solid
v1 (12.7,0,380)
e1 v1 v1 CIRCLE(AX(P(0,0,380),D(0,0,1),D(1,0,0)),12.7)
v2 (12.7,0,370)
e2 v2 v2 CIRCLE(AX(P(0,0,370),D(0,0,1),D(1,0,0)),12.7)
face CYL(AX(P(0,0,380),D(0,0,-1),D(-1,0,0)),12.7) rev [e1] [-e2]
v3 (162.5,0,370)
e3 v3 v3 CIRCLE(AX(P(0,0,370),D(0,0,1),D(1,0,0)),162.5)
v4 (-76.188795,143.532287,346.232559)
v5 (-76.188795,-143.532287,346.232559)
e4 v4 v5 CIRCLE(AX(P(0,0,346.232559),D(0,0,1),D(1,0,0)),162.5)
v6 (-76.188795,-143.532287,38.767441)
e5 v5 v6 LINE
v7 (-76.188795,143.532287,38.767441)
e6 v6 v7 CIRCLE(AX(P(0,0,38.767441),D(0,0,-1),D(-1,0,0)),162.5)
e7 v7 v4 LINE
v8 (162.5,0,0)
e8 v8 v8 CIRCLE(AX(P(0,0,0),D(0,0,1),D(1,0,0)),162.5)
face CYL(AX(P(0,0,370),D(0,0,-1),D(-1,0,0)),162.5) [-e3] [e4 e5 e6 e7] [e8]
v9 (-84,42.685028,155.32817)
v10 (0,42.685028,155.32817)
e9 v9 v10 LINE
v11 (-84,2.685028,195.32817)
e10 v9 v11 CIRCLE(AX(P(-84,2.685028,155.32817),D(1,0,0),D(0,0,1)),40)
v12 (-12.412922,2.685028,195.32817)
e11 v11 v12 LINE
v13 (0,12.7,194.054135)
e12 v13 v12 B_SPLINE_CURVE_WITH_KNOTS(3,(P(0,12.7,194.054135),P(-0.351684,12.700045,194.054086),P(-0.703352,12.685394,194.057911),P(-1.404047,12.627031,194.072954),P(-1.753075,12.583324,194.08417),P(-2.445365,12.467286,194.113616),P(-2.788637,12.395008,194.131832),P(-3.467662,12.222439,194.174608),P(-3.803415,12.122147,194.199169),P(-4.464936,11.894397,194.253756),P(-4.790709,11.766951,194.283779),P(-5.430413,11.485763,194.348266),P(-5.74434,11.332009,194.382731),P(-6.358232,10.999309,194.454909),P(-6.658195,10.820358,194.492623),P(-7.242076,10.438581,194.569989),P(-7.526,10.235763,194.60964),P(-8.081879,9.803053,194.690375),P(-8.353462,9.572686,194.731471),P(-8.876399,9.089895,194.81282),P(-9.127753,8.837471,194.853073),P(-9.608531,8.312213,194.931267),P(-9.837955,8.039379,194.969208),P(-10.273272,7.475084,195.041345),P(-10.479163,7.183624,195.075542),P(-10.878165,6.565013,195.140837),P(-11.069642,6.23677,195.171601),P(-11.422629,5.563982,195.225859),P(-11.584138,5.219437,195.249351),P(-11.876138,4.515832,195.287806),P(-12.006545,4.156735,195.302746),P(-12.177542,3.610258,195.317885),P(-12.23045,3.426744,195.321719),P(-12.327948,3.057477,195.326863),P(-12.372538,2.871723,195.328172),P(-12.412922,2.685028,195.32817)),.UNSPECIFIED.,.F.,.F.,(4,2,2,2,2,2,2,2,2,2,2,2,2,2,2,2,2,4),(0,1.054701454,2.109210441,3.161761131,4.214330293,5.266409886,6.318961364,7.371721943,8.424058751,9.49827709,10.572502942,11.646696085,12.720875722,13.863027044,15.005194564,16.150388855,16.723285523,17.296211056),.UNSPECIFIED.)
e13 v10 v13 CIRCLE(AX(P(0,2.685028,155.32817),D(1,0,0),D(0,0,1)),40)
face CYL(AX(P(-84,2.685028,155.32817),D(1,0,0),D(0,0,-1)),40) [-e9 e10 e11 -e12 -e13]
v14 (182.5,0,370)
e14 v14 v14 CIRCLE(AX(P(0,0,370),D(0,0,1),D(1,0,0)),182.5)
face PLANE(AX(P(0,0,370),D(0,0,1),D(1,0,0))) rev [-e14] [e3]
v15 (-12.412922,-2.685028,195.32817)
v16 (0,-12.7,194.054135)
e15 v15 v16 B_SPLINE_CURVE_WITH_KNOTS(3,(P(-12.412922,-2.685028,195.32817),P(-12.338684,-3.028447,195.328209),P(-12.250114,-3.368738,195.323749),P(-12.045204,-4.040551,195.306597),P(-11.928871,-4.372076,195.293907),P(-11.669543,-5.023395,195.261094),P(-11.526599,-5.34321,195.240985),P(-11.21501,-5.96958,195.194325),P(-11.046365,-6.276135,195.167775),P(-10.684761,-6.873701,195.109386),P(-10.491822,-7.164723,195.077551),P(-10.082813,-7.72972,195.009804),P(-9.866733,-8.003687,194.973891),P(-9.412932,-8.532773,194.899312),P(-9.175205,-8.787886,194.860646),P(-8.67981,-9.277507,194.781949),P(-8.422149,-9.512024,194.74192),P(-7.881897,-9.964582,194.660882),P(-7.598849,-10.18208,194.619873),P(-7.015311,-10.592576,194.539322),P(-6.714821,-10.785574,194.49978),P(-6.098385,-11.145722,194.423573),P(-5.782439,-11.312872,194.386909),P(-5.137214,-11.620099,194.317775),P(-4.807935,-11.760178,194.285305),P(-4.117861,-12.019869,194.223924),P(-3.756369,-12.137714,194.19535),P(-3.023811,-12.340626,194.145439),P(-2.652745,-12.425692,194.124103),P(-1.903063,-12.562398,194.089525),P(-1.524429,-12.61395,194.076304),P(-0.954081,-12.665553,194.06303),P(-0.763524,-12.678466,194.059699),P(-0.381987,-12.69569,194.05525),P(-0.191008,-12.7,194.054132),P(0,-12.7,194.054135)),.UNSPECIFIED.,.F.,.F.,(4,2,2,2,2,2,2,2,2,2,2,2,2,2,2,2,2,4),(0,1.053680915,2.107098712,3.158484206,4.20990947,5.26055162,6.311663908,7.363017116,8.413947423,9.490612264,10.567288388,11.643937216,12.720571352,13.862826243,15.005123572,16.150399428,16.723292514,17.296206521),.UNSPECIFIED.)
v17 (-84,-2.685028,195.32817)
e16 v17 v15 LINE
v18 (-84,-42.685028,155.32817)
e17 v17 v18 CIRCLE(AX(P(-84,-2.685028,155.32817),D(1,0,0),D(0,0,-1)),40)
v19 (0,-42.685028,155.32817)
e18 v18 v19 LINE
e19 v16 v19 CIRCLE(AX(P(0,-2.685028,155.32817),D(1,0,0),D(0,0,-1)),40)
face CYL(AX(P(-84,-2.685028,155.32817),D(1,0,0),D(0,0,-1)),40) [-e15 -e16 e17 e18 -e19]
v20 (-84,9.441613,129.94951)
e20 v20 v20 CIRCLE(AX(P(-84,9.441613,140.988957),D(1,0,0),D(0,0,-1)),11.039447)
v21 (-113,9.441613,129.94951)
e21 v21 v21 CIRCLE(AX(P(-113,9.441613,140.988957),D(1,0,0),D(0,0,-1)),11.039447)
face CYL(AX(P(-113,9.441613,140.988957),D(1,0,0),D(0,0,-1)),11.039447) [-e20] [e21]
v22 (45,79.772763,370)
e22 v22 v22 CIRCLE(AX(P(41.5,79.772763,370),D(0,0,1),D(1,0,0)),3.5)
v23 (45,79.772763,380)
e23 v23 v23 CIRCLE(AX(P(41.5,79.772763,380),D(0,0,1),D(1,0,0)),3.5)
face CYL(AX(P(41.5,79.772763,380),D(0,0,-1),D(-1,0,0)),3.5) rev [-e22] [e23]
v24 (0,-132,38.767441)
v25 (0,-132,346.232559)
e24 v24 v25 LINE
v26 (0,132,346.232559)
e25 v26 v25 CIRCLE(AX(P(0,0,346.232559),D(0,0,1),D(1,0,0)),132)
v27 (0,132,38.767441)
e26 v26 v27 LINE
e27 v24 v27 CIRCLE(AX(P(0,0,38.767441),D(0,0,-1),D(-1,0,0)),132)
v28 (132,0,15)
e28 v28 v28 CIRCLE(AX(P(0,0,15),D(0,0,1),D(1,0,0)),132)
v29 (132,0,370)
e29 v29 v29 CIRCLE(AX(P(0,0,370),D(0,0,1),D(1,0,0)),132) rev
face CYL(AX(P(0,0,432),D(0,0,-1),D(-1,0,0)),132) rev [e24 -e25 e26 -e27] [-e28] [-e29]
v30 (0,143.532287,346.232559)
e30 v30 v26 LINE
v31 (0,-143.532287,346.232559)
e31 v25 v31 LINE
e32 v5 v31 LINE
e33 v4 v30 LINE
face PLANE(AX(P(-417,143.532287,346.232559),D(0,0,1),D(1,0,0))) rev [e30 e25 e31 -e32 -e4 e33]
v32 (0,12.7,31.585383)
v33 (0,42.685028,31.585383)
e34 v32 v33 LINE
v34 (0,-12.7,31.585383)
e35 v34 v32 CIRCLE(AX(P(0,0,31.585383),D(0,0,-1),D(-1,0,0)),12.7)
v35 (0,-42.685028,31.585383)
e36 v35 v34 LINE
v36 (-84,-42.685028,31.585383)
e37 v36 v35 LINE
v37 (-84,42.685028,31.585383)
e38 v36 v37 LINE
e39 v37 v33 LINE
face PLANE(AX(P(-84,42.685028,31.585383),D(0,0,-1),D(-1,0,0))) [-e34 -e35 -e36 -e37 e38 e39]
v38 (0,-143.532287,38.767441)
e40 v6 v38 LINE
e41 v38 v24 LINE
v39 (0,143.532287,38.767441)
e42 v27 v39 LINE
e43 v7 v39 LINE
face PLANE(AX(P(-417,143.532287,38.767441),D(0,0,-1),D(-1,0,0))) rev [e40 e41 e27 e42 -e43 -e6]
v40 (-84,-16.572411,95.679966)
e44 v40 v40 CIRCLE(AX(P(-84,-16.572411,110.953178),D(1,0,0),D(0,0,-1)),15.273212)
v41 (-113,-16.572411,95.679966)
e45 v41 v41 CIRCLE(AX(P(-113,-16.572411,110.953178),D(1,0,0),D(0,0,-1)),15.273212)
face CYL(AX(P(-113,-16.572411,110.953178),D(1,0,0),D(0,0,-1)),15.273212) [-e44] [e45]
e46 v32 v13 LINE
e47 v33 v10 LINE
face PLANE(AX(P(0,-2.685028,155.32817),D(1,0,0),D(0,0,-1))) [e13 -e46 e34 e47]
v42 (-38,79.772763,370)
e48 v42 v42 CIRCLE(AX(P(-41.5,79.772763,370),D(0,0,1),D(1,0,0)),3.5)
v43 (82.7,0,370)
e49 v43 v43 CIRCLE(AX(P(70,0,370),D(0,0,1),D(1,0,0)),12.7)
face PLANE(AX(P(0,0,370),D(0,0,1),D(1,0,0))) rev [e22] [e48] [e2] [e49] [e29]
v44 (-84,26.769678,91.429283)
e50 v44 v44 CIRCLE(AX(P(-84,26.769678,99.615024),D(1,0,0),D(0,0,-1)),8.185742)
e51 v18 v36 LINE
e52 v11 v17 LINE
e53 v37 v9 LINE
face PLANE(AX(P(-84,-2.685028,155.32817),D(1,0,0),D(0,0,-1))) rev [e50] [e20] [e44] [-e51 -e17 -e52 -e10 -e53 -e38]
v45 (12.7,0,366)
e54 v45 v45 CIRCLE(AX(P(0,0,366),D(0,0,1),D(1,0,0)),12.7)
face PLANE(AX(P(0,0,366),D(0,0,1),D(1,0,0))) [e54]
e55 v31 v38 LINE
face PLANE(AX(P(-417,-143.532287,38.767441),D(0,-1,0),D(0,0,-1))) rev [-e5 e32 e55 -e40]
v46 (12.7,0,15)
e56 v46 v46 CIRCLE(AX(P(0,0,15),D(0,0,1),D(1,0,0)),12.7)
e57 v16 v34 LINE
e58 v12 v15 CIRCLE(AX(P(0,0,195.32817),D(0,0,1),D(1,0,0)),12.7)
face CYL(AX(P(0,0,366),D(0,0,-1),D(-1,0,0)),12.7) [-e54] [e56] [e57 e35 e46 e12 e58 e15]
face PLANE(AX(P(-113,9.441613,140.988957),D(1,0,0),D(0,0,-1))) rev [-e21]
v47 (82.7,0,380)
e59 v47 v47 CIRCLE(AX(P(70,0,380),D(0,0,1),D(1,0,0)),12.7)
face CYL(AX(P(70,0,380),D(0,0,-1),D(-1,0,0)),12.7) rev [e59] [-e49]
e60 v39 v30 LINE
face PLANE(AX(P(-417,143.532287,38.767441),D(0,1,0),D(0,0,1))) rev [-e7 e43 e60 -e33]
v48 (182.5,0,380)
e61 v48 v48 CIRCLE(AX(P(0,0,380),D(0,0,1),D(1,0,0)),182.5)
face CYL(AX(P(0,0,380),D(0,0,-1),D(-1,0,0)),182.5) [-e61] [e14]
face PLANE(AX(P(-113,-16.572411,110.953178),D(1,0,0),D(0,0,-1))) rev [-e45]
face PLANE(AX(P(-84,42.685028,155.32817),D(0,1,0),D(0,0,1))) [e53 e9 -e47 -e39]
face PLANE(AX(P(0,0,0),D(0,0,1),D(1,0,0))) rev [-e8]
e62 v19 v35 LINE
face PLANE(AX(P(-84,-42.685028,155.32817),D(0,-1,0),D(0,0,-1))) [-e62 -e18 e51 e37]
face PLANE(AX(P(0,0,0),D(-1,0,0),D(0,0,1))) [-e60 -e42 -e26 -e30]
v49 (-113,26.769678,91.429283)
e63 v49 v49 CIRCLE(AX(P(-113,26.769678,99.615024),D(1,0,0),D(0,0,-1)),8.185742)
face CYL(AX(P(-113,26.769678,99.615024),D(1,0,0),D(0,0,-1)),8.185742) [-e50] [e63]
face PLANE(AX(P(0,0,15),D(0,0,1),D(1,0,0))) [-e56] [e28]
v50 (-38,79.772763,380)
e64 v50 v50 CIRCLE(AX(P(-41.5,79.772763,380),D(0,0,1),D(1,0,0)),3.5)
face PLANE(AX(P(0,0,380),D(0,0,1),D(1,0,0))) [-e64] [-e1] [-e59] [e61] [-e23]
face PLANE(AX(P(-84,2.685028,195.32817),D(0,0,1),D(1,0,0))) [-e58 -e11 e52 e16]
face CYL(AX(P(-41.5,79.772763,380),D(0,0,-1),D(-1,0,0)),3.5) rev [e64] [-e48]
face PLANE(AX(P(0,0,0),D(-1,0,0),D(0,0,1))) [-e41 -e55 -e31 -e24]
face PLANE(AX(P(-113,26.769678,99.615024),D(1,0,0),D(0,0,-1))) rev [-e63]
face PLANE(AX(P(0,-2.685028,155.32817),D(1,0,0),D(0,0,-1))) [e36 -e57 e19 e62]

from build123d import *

# Parameters (mm, degrees)
CROQUIS1_R              = 162.5
SALIENTE_EXTRUIR1_DEPTH = 370
CROQUIS2_R              = 132
CORTAR_EXTRUIR1_DEPTH   = 417
CROQUIS3_W              = 307.465117838
CROQUIS3_H              = 287.064574964
CORTAR_EXTRUIR2_DEPTH   = 417
CROQUIS4_R              = 182.5
CROQUIS4_R_2            = 12.7
CROQUIS4_R_3            = 3.5
SALIENTE_EXTRUIR2_DEPTH = 10
SALIENTE_EXTRUIR3_DEPTH = 84
CROQUIS6_R              = 11.039446922
CROQUIS6_R_2            = 15.273211948
CROQUIS6_R_3            = 8.18574154
SALIENTE_EXTRUIR4_DEPTH = 113
CROQUIS7_R              = 12.7
SALIENTE_EXTRUIR5_DEPTH = 351


with BuildPart() as part:
    # Croquis1 → Saliente-Extruir1 (new body)
    with BuildSketch(Plane.XY):
        Circle(CROQUIS1_R)
    extrude(amount=SALIENTE_EXTRUIR1_DEPTH)

    # Croquis2 → Cortar-Extruir1 (cut)
    with BuildSketch(Plane.XY.offset(15)):
        Circle(CROQUIS2_R)
    extrude(amount=CORTAR_EXTRUIR1_DEPTH, mode=Mode.SUBTRACT)

    # Croquis3 → Cortar-Extruir2 (cut)
    with BuildSketch(Plane(origin=(0, 0, 0), x_dir=(0, 0, -1), z_dir=(1, 0, 0))):
        with Locations((-192.5, 0)):
            Rectangle(CROQUIS3_W, CROQUIS3_H)
    extrude(amount=-CORTAR_EXTRUIR2_DEPTH, mode=Mode.SUBTRACT)

    # Croquis4 → Saliente-Extruir2 (add)
    with BuildSketch(Plane.XY.offset(370)):
        Circle(CROQUIS4_R)
        Circle(CROQUIS4_R_2, mode=Mode.SUBTRACT)
        with Locations((70, 0)):
            Circle(CROQUIS4_R_2, mode=Mode.SUBTRACT)
        with Locations((-41.5, 79.772762666)):
            Circle(CROQUIS4_R_3, mode=Mode.SUBTRACT)
        with Locations((41.5, 79.772762666)):
            Circle(CROQUIS4_R_3, mode=Mode.SUBTRACT)
    extrude(amount=SALIENTE_EXTRUIR2_DEPTH)



with BuildPart() as body_2:
    # Croquis5 → Saliente-Extruir3 (new body)
    with BuildSketch(Plane(origin=(0, 0, 0), x_dir=(0, 0, -1), z_dir=(1, 0, 0))):
        with BuildLine():
            Line((-155.328170247, 42.685027874), (-31.585382794, 42.685027874))
            Line((-31.585382794, 42.685027874), (-31.585382794, -42.685027874))
            Line((-31.585382794, -42.685027874), (-155.328170247, -42.685027874))
            ThreePointArc((-155.328170247, -42.685027874), (-183.612441494, -30.969299122), (-195.328170247, -2.685027874))
            Line((-195.328170247, -2.685027874), (-195.328170247, 2.685027874))
            ThreePointArc((-195.328170247, 2.685027874), (-183.612441494, 30.969299122), (-155.328170247, 42.685027874))
        make_face()
    extrude(amount=-SALIENTE_EXTRUIR3_DEPTH)

    # Croquis6 → Saliente-Extruir4 (add)
    with BuildSketch(Plane(origin=(0, 0, 0), x_dir=(0, 0, -1), z_dir=(1, 0, 0))):
        with Locations((-140.988957086, 9.44161276)):
            Circle(CROQUIS6_R)
        with Locations((-110.953177837, -16.572410972)):
            Circle(CROQUIS6_R_2)
        with Locations((-99.615024167, 26.769678135)):
            Circle(CROQUIS6_R_3)
    extrude(amount=-SALIENTE_EXTRUIR4_DEPTH)


with BuildPart() as part_1:
    add(part.part)

    add(body_2.part)  # Saliente-Extruir5 merges body 2
    # Croquis7 → Saliente-Extruir5 (add)
    with BuildSketch(Plane.XY.offset(15)):
        Circle(CROQUIS7_R)
    extrude(amount=SALIENTE_EXTRUIR5_DEPTH)


solid = part_1.part
